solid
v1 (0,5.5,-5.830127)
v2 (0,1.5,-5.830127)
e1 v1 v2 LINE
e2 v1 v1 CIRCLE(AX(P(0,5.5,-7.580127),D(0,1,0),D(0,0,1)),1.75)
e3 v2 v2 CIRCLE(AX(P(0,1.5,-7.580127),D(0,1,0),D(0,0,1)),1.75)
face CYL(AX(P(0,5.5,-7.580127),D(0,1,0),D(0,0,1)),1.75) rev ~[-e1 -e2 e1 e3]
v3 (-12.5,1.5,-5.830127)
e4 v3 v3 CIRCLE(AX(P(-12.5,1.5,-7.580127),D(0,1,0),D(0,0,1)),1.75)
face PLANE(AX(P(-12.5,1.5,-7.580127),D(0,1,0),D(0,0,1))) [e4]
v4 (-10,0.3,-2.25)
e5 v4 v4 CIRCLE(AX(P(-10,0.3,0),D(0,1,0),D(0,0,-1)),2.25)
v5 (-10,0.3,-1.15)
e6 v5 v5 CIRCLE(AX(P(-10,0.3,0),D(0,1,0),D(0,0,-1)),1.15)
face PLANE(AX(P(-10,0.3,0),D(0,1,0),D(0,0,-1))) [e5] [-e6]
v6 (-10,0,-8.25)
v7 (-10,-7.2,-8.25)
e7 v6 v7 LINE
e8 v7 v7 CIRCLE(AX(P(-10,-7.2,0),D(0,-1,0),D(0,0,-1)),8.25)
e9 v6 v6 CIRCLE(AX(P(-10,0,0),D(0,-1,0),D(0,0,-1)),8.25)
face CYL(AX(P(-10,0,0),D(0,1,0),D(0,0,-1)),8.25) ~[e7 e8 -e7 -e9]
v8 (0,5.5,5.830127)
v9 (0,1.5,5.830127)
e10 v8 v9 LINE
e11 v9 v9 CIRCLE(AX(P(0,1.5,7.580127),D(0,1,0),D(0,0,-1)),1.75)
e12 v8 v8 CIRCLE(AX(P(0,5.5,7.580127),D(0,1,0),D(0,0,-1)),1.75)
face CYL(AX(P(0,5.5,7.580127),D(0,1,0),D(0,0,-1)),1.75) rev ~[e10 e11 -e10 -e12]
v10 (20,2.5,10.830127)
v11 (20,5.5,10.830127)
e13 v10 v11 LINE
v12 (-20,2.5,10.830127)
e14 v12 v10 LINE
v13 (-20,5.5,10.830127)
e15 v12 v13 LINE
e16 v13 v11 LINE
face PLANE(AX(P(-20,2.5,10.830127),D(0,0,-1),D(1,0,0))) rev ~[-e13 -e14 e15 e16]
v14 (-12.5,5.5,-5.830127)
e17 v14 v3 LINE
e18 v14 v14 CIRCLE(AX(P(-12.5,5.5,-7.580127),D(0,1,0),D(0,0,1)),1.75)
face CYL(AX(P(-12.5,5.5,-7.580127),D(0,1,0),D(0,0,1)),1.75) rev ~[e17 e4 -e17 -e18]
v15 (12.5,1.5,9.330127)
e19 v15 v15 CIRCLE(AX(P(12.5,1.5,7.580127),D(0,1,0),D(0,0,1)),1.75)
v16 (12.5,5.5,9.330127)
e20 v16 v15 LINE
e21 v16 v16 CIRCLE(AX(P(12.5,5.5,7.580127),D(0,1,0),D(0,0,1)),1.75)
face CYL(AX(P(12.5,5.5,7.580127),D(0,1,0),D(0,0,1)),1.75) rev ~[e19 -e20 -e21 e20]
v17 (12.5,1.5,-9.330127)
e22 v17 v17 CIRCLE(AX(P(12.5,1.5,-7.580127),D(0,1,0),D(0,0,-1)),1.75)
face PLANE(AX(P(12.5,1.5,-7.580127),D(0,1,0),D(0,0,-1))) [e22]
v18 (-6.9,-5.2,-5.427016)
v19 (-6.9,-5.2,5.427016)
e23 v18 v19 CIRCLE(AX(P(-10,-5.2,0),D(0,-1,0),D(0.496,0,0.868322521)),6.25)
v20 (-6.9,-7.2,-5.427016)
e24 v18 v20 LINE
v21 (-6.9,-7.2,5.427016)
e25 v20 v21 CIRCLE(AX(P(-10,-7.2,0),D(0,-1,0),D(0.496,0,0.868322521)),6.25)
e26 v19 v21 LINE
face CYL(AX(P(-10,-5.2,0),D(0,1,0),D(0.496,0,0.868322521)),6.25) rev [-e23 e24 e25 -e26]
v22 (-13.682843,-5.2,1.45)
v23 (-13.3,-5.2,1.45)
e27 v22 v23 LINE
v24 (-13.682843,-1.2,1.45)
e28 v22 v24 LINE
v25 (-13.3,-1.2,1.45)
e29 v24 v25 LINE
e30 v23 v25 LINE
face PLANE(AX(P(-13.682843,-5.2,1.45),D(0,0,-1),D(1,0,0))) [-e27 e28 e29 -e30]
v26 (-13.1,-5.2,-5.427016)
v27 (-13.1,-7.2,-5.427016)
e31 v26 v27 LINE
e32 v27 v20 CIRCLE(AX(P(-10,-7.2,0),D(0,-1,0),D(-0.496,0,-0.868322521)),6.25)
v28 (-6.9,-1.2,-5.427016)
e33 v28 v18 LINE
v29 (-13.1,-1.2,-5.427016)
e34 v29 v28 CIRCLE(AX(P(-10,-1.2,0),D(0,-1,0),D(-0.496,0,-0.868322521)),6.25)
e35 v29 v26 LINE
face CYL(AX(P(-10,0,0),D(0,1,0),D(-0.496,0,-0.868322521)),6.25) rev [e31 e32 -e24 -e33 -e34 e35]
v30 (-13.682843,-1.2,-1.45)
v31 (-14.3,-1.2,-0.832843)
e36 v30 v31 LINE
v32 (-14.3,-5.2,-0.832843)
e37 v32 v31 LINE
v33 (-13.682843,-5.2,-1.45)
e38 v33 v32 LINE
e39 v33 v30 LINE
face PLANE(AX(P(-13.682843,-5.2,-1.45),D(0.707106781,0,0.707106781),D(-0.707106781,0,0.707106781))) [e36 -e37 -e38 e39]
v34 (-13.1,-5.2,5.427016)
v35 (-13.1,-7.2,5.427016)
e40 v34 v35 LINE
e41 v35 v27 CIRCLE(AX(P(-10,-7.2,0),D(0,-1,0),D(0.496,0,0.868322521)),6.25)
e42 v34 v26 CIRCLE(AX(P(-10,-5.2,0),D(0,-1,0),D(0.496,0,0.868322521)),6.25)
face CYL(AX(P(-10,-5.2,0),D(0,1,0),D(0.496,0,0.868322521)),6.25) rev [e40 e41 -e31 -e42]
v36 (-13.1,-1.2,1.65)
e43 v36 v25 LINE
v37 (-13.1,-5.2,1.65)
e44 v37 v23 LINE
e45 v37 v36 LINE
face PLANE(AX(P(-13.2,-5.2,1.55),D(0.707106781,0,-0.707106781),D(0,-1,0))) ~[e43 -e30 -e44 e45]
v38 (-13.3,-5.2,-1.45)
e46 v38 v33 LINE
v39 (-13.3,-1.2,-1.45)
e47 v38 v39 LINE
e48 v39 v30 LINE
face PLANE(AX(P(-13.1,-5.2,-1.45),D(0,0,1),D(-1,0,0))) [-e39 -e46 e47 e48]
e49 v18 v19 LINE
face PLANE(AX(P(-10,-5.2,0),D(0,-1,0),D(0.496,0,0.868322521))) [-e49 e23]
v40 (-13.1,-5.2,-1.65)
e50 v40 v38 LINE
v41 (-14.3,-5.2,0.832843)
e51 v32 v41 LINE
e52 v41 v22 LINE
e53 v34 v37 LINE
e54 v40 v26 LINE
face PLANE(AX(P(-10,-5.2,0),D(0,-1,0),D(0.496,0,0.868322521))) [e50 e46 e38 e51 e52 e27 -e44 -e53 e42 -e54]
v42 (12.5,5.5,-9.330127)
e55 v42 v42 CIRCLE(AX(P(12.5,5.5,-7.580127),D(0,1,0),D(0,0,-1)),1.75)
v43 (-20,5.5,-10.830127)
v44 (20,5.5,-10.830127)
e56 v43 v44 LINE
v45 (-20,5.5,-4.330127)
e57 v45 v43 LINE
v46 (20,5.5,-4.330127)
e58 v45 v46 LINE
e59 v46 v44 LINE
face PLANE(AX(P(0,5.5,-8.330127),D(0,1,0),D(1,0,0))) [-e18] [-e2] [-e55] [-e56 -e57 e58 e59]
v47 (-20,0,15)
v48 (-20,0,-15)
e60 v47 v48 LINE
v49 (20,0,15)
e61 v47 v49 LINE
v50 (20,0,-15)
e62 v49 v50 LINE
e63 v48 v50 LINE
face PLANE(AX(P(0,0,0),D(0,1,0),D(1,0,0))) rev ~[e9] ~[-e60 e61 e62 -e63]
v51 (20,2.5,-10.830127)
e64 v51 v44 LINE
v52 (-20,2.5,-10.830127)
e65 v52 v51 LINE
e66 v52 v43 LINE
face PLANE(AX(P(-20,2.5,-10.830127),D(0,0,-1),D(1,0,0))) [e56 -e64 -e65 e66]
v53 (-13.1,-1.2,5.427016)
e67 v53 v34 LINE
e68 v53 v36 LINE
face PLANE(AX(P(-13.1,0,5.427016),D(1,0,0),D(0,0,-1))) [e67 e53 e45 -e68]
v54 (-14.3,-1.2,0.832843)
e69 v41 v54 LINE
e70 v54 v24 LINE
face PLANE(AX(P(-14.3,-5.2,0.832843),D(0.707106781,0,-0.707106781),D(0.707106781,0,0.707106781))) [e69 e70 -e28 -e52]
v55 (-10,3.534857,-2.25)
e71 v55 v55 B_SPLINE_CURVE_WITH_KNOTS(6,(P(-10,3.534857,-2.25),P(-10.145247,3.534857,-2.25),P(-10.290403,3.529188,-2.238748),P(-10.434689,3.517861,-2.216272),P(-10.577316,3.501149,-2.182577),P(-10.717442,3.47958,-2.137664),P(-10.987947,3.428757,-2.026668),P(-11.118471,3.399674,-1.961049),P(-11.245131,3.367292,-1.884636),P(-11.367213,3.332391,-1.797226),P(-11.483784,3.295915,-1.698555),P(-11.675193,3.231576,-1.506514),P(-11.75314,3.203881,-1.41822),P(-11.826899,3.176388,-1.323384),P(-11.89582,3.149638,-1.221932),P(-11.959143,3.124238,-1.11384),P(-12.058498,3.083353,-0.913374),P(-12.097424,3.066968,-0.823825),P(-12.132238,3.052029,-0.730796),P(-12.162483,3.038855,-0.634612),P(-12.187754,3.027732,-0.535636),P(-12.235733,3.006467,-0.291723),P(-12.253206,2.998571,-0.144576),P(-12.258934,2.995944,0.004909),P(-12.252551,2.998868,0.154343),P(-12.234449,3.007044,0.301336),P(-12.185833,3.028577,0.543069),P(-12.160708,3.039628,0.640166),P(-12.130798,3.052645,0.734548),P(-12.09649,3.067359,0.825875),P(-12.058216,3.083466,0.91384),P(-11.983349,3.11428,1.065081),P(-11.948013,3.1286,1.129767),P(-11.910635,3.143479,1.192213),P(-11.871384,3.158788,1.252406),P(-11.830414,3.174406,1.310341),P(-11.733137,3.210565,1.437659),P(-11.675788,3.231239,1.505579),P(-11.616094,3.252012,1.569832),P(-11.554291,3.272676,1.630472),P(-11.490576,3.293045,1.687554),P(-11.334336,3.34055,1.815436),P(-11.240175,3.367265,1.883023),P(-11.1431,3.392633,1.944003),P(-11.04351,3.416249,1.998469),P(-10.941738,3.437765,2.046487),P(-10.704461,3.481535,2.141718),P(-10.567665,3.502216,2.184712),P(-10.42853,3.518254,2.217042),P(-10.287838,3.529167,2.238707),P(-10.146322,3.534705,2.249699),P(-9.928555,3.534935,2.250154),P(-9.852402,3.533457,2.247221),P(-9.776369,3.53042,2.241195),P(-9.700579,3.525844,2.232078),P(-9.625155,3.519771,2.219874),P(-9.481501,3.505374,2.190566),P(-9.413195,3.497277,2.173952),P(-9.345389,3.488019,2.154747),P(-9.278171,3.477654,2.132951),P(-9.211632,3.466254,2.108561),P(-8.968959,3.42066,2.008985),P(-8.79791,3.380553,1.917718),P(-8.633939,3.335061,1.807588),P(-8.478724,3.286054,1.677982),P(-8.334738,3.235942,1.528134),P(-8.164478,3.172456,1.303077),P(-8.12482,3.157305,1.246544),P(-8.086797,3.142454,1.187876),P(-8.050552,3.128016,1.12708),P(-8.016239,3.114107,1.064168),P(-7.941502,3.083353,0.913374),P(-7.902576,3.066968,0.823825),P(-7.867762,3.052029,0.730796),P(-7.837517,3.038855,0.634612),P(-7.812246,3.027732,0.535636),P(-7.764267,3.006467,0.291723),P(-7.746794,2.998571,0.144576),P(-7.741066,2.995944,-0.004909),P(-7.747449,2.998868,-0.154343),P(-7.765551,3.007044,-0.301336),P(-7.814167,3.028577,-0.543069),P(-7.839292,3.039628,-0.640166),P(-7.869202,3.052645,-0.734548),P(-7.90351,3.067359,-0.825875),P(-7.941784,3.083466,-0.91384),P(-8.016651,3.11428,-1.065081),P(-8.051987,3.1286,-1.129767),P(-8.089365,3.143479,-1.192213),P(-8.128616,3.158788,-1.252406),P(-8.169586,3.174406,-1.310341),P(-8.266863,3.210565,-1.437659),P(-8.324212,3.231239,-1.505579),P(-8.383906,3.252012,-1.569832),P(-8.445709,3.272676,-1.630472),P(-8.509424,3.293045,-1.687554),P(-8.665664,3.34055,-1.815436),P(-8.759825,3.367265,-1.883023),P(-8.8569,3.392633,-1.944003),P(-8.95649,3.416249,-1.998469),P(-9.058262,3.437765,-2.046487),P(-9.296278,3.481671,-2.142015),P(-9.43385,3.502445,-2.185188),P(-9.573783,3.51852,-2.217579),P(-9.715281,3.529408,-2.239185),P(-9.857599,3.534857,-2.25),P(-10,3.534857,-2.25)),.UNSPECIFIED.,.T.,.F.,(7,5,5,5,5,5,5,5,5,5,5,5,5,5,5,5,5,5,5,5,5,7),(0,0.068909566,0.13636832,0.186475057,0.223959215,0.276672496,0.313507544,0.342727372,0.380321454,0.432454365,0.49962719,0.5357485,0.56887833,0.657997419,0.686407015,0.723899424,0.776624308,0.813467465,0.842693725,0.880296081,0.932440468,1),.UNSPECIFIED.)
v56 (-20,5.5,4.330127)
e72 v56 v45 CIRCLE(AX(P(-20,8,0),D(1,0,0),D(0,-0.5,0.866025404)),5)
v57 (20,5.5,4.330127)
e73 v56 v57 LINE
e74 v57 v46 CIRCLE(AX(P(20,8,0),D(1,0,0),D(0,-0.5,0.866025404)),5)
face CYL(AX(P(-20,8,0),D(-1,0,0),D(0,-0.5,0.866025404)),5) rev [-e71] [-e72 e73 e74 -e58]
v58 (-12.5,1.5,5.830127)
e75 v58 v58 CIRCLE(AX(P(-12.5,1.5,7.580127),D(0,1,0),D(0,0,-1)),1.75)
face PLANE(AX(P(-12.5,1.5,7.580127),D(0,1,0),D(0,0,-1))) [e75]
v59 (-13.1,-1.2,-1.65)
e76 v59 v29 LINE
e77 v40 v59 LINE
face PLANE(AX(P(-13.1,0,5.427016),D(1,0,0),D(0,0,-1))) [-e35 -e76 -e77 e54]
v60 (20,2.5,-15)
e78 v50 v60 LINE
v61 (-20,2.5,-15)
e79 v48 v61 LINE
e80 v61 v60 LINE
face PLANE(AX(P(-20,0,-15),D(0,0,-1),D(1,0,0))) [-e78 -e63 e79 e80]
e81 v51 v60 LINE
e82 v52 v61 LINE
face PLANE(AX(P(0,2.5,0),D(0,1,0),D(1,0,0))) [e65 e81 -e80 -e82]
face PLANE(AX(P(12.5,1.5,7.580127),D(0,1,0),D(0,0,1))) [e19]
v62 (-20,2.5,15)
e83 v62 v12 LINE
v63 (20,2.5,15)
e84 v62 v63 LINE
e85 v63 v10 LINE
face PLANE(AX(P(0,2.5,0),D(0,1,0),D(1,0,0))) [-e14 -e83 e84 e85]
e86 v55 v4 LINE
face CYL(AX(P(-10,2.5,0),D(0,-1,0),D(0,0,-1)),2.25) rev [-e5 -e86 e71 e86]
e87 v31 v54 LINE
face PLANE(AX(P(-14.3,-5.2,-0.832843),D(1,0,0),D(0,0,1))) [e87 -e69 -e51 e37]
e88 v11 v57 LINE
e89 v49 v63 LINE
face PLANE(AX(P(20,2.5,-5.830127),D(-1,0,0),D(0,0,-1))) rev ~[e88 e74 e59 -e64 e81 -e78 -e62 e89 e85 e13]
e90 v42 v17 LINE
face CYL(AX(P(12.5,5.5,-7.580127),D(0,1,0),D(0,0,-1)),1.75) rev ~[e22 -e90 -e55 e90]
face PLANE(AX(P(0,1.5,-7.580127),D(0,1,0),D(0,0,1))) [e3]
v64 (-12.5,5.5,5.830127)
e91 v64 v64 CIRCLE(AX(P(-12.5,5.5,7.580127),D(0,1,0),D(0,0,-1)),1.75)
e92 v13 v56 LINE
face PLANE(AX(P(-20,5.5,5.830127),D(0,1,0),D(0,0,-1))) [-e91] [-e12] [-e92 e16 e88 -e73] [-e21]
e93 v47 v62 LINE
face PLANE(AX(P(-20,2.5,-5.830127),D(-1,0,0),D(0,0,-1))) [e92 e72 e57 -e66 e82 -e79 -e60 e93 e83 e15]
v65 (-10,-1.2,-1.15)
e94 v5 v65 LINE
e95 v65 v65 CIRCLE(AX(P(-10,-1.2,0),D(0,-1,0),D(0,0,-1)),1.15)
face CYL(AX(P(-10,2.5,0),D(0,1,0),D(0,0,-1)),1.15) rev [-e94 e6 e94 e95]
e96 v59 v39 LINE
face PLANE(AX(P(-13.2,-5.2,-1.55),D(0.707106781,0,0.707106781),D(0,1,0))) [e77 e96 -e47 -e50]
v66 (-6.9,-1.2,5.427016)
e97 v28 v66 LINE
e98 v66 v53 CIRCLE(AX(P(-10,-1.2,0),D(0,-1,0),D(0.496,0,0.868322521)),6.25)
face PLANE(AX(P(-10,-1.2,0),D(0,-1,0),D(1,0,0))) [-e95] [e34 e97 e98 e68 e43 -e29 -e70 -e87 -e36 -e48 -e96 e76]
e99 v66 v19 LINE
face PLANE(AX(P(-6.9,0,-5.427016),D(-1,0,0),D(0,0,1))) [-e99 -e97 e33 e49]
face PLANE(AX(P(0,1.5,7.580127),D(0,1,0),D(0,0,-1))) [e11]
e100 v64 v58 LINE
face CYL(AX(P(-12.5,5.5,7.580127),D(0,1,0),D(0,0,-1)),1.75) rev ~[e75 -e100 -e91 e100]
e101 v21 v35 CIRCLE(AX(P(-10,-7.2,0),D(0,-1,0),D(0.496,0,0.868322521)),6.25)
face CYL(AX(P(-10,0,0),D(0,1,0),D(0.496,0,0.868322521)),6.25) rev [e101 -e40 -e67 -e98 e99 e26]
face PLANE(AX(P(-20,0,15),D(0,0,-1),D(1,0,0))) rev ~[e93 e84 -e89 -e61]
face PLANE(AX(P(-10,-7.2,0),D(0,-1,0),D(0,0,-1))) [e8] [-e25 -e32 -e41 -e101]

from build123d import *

# Parameters (mm, degrees)
SKETCH_1_W                           = 40
SKETCH_1_H                           = 30
EXTRUDE_1_DEPTH                      = 2.5
SKETCH_2_R                           = 8.25
EXTRUDE_2_DEPTH                      = 7.2
CUT_EXTRUDE_START                    = -2
SKETCH_3_R                           = 6.25
CUT_EXTRUDE_1_DEPTH                  = 2
EXTRUDE_4_DEPTH                      = 1.2
SKETCH_4_R                           = 1.15
CUT_EXTRUDE_2_DEPTH                  = 3.7
CUT_EXTRUDE_4_DEPTH                  = 4
CHAMFER_1_SIZE                       = 0.2
EXTRUDE_5_DEPTH                      = 40
SKETCH_9_R                           = 2.25
CUT_EXTRUDE_5_DEPTH                  = 2.2
CUT_EXTRUDE_5_DIRECTION_2_REACH      = 28.816
CUT_EXTRUDE_5_DIRECTION_2_END_RADIUS = 5
SKETCH_13_W                          = 40
SKETCH_13_H                          = 5
EXTRUDE_6_DEPTH                      = 3
SKETCH_14_R                          = 1.75
CUT_EXTRUDE_7_DEPTH                  = 4


with BuildPart() as part:
    # Эскиз1 → Бобышка-Вытянуть1 (new body)
    with BuildSketch(Plane(origin=(0, 0, 0), x_dir=(1, 0, 0), z_dir=(0, 1, 0))):
        Rectangle(SKETCH_1_W, SKETCH_1_H)
    extrude(amount=EXTRUDE_1_DEPTH)

    # Эскиз2 → Бобышка-Вытянуть2 (add)
    with BuildSketch(Plane.XZ):
        with Locations(Location((-10, 0, 0), (0, 0, 270))):
            Circle(SKETCH_2_R)
        with BuildLine():
            Line((-13.1, 5.427015755), (-13.1, -5.427015755))
            ThreePointArc((-13.1, -5.427015755), (-10, -6.25), (-6.9, -5.427015755))
            Line((-6.9, -5.427015755), (-6.9, 5.427015755))
            ThreePointArc((-6.9, 5.427015755), (-10, 6.25), (-13.1, 5.427015755))
        make_face(mode=Mode.SUBTRACT)
    extrude(amount=EXTRUDE_2_DEPTH)

    # Эскиз3 → Вырез-Вытянуть1 (cut)
    with BuildSketch(Plane.XZ.offset(7.2).offset(CUT_EXTRUDE_START)):
        with Locations(Location((-10, 0, 0), (0, 0, 60.264286892))):
            Circle(SKETCH_3_R)
    extrude(amount=CUT_EXTRUDE_1_DEPTH, mode=Mode.SUBTRACT)

    # Эскиз8 → Бобышка-Вытянуть4 (add)
    with BuildSketch(Plane.XZ):
        with BuildLine():
            Line((-13.1, 5.427015755), (-13.1, -5.427015755))
            ThreePointArc((-13.1, -5.427015755), (-10, -6.25), (-6.9, -5.427015755))
            Line((-6.9, -5.427015755), (-6.9, 5.427015755))
            ThreePointArc((-6.9, 5.427015755), (-10, 6.25), (-13.1, 5.427015755))
        make_face()
    extrude(amount=EXTRUDE_4_DEPTH)

    # Эскиз4 → Вырез-Вытянуть2 (cut)
    with BuildSketch(Plane.XZ.offset(-2.5)):
        with Locations(Location((-10, 0, 0), (0, 0, 270))):
            Circle(SKETCH_4_R)
    extrude(amount=CUT_EXTRUDE_2_DEPTH, mode=Mode.SUBTRACT)

    # Эскиз6 → Вырез-Вытянуть4 (cut)
    with BuildSketch(Plane.XZ.offset(5.2)):
        Polygon((-13.1, 1.25), (-13.1, -1.25), (-13.1, -1.45), (-13.682842712, -1.45), (-14.3, -0.832842712), (-14.3, 0.832842712), (-13.682842712, 1.45), (-13.1, 1.45), align=None)
    extrude(amount=-CUT_EXTRUDE_4_DEPTH, mode=Mode.SUBTRACT)

    # Фаска1
    chamfer_1_edges = [part.edges().sort_by_distance(p)[0] for p in [
        (-13.1, -3.2, -1.45),
        (-13.1, -3.2, 1.45),
    ]]
    chamfer(chamfer_1_edges, length=CHAMFER_1_SIZE)

    # Эскиз10 → Бобышка-Вытянуть5 (add)
    with BuildSketch(Plane.ZY.offset(20)):
        with BuildLine():
            Line((-5.830127019, 5.5), (-5.830127019, 2.5))
            Line((-5.830127019, 2.5), (5.830127019, 2.5))
            Line((5.830127019, 2.5), (5.830127019, 5.5))
            Line((5.830127019, 5.5), (4.330127019, 5.5))
            ThreePointArc((4.330127019, 5.5), (0, 3), (-4.330127019, 5.5))
            Line((-4.330127019, 5.5), (-5.830127019, 5.5))
        make_face()
    extrude(amount=-EXTRUDE_5_DEPTH)

    # Эскиз9 → Вырез-Вытянуть5 (cut)
    with BuildSketch(Plane(origin=(0, 2.5, 0), x_dir=(1, 0, 0), z_dir=(0, 1, 0))):
        with Locations(Location((-10, 0, 0), (0, 0, 90))):
            Circle(SKETCH_9_R)
    extrude(amount=-CUT_EXTRUDE_5_DEPTH, mode=Mode.SUBTRACT)

    # Вырез-Вытянуть5 direction 2: up to this cylinder (the profile starts outside it)
    cut_extrude_5_direction_2_end = Plane(origin=(-10, 8, 0), z_dir=(-1, 0, 0)) * Cylinder(CUT_EXTRUDE_5_DIRECTION_2_END_RADIUS, 68.632, mode=Mode.PRIVATE)
    # Эскиз9 → Вырез-Вытянуть5 direction 2 (cut, up to the surface)
    with BuildSketch(Plane(origin=(0, 2.5, 0), x_dir=(1, 0, 0), z_dir=(0, 1, 0)), mode=Mode.PRIVATE) as cut_extrude_5_direction_2_sk1:
        with Locations(Location((-10, 0, 0), (0, 0, 90))):
            Circle(SKETCH_9_R)
    cut_extrude_5_direction_2_tool1 = extrude(cut_extrude_5_direction_2_sk1.sketch, amount=CUT_EXTRUDE_5_DIRECTION_2_REACH, mode=Mode.PRIVATE) - cut_extrude_5_direction_2_end
    add(cut_extrude_5_direction_2_tool1.solids().sort_by_distance((-10, 2.5, 0))[0], mode=Mode.SUBTRACT)

    # Эскиз13 → Бобышка-Вытянуть6 (add)
    with BuildSketch(Plane(origin=(0, 2.5, 0), x_dir=(1, 0, 0), z_dir=(0, 1, 0))):
        with Locations((0, 8.330127019)):
            Rectangle(SKETCH_13_W, SKETCH_13_H)
        with Locations((0, -8.330127019)):
            Rectangle(SKETCH_13_W, SKETCH_13_H)
    extrude(amount=EXTRUDE_6_DEPTH)

    # Эскиз14 → Вырез-Вытянуть7 (cut)
    with BuildSketch(Plane(origin=(0, 5.5, 0), x_dir=(1, 0, 0), z_dir=(0, 1, 0))):
        with Locations(Location((-12.5, 7.580127019, 0), (0, 0, 270))):
            Circle(SKETCH_14_R)
        with Locations(Location((12.5, 7.580127019, 0), (0, 0, 90))):
            Circle(SKETCH_14_R)
        with Locations(Location((0, 7.580127019, 0), (0, 0, 270))):
            Circle(SKETCH_14_R)
        with Locations(Location((12.5, -7.580127019, 0), (0, 0, 270))):
            Circle(SKETCH_14_R)
        with Locations(Location((0, -7.580127019, 0), (0, 0, 90))):
            Circle(SKETCH_14_R)
        with Locations(Location((-12.5, -7.580127019, 0), (0, 0, 90))):
            Circle(SKETCH_14_R)
    extrude(amount=-CUT_EXTRUDE_7_DEPTH, mode=Mode.SUBTRACT)


solid = part.part
